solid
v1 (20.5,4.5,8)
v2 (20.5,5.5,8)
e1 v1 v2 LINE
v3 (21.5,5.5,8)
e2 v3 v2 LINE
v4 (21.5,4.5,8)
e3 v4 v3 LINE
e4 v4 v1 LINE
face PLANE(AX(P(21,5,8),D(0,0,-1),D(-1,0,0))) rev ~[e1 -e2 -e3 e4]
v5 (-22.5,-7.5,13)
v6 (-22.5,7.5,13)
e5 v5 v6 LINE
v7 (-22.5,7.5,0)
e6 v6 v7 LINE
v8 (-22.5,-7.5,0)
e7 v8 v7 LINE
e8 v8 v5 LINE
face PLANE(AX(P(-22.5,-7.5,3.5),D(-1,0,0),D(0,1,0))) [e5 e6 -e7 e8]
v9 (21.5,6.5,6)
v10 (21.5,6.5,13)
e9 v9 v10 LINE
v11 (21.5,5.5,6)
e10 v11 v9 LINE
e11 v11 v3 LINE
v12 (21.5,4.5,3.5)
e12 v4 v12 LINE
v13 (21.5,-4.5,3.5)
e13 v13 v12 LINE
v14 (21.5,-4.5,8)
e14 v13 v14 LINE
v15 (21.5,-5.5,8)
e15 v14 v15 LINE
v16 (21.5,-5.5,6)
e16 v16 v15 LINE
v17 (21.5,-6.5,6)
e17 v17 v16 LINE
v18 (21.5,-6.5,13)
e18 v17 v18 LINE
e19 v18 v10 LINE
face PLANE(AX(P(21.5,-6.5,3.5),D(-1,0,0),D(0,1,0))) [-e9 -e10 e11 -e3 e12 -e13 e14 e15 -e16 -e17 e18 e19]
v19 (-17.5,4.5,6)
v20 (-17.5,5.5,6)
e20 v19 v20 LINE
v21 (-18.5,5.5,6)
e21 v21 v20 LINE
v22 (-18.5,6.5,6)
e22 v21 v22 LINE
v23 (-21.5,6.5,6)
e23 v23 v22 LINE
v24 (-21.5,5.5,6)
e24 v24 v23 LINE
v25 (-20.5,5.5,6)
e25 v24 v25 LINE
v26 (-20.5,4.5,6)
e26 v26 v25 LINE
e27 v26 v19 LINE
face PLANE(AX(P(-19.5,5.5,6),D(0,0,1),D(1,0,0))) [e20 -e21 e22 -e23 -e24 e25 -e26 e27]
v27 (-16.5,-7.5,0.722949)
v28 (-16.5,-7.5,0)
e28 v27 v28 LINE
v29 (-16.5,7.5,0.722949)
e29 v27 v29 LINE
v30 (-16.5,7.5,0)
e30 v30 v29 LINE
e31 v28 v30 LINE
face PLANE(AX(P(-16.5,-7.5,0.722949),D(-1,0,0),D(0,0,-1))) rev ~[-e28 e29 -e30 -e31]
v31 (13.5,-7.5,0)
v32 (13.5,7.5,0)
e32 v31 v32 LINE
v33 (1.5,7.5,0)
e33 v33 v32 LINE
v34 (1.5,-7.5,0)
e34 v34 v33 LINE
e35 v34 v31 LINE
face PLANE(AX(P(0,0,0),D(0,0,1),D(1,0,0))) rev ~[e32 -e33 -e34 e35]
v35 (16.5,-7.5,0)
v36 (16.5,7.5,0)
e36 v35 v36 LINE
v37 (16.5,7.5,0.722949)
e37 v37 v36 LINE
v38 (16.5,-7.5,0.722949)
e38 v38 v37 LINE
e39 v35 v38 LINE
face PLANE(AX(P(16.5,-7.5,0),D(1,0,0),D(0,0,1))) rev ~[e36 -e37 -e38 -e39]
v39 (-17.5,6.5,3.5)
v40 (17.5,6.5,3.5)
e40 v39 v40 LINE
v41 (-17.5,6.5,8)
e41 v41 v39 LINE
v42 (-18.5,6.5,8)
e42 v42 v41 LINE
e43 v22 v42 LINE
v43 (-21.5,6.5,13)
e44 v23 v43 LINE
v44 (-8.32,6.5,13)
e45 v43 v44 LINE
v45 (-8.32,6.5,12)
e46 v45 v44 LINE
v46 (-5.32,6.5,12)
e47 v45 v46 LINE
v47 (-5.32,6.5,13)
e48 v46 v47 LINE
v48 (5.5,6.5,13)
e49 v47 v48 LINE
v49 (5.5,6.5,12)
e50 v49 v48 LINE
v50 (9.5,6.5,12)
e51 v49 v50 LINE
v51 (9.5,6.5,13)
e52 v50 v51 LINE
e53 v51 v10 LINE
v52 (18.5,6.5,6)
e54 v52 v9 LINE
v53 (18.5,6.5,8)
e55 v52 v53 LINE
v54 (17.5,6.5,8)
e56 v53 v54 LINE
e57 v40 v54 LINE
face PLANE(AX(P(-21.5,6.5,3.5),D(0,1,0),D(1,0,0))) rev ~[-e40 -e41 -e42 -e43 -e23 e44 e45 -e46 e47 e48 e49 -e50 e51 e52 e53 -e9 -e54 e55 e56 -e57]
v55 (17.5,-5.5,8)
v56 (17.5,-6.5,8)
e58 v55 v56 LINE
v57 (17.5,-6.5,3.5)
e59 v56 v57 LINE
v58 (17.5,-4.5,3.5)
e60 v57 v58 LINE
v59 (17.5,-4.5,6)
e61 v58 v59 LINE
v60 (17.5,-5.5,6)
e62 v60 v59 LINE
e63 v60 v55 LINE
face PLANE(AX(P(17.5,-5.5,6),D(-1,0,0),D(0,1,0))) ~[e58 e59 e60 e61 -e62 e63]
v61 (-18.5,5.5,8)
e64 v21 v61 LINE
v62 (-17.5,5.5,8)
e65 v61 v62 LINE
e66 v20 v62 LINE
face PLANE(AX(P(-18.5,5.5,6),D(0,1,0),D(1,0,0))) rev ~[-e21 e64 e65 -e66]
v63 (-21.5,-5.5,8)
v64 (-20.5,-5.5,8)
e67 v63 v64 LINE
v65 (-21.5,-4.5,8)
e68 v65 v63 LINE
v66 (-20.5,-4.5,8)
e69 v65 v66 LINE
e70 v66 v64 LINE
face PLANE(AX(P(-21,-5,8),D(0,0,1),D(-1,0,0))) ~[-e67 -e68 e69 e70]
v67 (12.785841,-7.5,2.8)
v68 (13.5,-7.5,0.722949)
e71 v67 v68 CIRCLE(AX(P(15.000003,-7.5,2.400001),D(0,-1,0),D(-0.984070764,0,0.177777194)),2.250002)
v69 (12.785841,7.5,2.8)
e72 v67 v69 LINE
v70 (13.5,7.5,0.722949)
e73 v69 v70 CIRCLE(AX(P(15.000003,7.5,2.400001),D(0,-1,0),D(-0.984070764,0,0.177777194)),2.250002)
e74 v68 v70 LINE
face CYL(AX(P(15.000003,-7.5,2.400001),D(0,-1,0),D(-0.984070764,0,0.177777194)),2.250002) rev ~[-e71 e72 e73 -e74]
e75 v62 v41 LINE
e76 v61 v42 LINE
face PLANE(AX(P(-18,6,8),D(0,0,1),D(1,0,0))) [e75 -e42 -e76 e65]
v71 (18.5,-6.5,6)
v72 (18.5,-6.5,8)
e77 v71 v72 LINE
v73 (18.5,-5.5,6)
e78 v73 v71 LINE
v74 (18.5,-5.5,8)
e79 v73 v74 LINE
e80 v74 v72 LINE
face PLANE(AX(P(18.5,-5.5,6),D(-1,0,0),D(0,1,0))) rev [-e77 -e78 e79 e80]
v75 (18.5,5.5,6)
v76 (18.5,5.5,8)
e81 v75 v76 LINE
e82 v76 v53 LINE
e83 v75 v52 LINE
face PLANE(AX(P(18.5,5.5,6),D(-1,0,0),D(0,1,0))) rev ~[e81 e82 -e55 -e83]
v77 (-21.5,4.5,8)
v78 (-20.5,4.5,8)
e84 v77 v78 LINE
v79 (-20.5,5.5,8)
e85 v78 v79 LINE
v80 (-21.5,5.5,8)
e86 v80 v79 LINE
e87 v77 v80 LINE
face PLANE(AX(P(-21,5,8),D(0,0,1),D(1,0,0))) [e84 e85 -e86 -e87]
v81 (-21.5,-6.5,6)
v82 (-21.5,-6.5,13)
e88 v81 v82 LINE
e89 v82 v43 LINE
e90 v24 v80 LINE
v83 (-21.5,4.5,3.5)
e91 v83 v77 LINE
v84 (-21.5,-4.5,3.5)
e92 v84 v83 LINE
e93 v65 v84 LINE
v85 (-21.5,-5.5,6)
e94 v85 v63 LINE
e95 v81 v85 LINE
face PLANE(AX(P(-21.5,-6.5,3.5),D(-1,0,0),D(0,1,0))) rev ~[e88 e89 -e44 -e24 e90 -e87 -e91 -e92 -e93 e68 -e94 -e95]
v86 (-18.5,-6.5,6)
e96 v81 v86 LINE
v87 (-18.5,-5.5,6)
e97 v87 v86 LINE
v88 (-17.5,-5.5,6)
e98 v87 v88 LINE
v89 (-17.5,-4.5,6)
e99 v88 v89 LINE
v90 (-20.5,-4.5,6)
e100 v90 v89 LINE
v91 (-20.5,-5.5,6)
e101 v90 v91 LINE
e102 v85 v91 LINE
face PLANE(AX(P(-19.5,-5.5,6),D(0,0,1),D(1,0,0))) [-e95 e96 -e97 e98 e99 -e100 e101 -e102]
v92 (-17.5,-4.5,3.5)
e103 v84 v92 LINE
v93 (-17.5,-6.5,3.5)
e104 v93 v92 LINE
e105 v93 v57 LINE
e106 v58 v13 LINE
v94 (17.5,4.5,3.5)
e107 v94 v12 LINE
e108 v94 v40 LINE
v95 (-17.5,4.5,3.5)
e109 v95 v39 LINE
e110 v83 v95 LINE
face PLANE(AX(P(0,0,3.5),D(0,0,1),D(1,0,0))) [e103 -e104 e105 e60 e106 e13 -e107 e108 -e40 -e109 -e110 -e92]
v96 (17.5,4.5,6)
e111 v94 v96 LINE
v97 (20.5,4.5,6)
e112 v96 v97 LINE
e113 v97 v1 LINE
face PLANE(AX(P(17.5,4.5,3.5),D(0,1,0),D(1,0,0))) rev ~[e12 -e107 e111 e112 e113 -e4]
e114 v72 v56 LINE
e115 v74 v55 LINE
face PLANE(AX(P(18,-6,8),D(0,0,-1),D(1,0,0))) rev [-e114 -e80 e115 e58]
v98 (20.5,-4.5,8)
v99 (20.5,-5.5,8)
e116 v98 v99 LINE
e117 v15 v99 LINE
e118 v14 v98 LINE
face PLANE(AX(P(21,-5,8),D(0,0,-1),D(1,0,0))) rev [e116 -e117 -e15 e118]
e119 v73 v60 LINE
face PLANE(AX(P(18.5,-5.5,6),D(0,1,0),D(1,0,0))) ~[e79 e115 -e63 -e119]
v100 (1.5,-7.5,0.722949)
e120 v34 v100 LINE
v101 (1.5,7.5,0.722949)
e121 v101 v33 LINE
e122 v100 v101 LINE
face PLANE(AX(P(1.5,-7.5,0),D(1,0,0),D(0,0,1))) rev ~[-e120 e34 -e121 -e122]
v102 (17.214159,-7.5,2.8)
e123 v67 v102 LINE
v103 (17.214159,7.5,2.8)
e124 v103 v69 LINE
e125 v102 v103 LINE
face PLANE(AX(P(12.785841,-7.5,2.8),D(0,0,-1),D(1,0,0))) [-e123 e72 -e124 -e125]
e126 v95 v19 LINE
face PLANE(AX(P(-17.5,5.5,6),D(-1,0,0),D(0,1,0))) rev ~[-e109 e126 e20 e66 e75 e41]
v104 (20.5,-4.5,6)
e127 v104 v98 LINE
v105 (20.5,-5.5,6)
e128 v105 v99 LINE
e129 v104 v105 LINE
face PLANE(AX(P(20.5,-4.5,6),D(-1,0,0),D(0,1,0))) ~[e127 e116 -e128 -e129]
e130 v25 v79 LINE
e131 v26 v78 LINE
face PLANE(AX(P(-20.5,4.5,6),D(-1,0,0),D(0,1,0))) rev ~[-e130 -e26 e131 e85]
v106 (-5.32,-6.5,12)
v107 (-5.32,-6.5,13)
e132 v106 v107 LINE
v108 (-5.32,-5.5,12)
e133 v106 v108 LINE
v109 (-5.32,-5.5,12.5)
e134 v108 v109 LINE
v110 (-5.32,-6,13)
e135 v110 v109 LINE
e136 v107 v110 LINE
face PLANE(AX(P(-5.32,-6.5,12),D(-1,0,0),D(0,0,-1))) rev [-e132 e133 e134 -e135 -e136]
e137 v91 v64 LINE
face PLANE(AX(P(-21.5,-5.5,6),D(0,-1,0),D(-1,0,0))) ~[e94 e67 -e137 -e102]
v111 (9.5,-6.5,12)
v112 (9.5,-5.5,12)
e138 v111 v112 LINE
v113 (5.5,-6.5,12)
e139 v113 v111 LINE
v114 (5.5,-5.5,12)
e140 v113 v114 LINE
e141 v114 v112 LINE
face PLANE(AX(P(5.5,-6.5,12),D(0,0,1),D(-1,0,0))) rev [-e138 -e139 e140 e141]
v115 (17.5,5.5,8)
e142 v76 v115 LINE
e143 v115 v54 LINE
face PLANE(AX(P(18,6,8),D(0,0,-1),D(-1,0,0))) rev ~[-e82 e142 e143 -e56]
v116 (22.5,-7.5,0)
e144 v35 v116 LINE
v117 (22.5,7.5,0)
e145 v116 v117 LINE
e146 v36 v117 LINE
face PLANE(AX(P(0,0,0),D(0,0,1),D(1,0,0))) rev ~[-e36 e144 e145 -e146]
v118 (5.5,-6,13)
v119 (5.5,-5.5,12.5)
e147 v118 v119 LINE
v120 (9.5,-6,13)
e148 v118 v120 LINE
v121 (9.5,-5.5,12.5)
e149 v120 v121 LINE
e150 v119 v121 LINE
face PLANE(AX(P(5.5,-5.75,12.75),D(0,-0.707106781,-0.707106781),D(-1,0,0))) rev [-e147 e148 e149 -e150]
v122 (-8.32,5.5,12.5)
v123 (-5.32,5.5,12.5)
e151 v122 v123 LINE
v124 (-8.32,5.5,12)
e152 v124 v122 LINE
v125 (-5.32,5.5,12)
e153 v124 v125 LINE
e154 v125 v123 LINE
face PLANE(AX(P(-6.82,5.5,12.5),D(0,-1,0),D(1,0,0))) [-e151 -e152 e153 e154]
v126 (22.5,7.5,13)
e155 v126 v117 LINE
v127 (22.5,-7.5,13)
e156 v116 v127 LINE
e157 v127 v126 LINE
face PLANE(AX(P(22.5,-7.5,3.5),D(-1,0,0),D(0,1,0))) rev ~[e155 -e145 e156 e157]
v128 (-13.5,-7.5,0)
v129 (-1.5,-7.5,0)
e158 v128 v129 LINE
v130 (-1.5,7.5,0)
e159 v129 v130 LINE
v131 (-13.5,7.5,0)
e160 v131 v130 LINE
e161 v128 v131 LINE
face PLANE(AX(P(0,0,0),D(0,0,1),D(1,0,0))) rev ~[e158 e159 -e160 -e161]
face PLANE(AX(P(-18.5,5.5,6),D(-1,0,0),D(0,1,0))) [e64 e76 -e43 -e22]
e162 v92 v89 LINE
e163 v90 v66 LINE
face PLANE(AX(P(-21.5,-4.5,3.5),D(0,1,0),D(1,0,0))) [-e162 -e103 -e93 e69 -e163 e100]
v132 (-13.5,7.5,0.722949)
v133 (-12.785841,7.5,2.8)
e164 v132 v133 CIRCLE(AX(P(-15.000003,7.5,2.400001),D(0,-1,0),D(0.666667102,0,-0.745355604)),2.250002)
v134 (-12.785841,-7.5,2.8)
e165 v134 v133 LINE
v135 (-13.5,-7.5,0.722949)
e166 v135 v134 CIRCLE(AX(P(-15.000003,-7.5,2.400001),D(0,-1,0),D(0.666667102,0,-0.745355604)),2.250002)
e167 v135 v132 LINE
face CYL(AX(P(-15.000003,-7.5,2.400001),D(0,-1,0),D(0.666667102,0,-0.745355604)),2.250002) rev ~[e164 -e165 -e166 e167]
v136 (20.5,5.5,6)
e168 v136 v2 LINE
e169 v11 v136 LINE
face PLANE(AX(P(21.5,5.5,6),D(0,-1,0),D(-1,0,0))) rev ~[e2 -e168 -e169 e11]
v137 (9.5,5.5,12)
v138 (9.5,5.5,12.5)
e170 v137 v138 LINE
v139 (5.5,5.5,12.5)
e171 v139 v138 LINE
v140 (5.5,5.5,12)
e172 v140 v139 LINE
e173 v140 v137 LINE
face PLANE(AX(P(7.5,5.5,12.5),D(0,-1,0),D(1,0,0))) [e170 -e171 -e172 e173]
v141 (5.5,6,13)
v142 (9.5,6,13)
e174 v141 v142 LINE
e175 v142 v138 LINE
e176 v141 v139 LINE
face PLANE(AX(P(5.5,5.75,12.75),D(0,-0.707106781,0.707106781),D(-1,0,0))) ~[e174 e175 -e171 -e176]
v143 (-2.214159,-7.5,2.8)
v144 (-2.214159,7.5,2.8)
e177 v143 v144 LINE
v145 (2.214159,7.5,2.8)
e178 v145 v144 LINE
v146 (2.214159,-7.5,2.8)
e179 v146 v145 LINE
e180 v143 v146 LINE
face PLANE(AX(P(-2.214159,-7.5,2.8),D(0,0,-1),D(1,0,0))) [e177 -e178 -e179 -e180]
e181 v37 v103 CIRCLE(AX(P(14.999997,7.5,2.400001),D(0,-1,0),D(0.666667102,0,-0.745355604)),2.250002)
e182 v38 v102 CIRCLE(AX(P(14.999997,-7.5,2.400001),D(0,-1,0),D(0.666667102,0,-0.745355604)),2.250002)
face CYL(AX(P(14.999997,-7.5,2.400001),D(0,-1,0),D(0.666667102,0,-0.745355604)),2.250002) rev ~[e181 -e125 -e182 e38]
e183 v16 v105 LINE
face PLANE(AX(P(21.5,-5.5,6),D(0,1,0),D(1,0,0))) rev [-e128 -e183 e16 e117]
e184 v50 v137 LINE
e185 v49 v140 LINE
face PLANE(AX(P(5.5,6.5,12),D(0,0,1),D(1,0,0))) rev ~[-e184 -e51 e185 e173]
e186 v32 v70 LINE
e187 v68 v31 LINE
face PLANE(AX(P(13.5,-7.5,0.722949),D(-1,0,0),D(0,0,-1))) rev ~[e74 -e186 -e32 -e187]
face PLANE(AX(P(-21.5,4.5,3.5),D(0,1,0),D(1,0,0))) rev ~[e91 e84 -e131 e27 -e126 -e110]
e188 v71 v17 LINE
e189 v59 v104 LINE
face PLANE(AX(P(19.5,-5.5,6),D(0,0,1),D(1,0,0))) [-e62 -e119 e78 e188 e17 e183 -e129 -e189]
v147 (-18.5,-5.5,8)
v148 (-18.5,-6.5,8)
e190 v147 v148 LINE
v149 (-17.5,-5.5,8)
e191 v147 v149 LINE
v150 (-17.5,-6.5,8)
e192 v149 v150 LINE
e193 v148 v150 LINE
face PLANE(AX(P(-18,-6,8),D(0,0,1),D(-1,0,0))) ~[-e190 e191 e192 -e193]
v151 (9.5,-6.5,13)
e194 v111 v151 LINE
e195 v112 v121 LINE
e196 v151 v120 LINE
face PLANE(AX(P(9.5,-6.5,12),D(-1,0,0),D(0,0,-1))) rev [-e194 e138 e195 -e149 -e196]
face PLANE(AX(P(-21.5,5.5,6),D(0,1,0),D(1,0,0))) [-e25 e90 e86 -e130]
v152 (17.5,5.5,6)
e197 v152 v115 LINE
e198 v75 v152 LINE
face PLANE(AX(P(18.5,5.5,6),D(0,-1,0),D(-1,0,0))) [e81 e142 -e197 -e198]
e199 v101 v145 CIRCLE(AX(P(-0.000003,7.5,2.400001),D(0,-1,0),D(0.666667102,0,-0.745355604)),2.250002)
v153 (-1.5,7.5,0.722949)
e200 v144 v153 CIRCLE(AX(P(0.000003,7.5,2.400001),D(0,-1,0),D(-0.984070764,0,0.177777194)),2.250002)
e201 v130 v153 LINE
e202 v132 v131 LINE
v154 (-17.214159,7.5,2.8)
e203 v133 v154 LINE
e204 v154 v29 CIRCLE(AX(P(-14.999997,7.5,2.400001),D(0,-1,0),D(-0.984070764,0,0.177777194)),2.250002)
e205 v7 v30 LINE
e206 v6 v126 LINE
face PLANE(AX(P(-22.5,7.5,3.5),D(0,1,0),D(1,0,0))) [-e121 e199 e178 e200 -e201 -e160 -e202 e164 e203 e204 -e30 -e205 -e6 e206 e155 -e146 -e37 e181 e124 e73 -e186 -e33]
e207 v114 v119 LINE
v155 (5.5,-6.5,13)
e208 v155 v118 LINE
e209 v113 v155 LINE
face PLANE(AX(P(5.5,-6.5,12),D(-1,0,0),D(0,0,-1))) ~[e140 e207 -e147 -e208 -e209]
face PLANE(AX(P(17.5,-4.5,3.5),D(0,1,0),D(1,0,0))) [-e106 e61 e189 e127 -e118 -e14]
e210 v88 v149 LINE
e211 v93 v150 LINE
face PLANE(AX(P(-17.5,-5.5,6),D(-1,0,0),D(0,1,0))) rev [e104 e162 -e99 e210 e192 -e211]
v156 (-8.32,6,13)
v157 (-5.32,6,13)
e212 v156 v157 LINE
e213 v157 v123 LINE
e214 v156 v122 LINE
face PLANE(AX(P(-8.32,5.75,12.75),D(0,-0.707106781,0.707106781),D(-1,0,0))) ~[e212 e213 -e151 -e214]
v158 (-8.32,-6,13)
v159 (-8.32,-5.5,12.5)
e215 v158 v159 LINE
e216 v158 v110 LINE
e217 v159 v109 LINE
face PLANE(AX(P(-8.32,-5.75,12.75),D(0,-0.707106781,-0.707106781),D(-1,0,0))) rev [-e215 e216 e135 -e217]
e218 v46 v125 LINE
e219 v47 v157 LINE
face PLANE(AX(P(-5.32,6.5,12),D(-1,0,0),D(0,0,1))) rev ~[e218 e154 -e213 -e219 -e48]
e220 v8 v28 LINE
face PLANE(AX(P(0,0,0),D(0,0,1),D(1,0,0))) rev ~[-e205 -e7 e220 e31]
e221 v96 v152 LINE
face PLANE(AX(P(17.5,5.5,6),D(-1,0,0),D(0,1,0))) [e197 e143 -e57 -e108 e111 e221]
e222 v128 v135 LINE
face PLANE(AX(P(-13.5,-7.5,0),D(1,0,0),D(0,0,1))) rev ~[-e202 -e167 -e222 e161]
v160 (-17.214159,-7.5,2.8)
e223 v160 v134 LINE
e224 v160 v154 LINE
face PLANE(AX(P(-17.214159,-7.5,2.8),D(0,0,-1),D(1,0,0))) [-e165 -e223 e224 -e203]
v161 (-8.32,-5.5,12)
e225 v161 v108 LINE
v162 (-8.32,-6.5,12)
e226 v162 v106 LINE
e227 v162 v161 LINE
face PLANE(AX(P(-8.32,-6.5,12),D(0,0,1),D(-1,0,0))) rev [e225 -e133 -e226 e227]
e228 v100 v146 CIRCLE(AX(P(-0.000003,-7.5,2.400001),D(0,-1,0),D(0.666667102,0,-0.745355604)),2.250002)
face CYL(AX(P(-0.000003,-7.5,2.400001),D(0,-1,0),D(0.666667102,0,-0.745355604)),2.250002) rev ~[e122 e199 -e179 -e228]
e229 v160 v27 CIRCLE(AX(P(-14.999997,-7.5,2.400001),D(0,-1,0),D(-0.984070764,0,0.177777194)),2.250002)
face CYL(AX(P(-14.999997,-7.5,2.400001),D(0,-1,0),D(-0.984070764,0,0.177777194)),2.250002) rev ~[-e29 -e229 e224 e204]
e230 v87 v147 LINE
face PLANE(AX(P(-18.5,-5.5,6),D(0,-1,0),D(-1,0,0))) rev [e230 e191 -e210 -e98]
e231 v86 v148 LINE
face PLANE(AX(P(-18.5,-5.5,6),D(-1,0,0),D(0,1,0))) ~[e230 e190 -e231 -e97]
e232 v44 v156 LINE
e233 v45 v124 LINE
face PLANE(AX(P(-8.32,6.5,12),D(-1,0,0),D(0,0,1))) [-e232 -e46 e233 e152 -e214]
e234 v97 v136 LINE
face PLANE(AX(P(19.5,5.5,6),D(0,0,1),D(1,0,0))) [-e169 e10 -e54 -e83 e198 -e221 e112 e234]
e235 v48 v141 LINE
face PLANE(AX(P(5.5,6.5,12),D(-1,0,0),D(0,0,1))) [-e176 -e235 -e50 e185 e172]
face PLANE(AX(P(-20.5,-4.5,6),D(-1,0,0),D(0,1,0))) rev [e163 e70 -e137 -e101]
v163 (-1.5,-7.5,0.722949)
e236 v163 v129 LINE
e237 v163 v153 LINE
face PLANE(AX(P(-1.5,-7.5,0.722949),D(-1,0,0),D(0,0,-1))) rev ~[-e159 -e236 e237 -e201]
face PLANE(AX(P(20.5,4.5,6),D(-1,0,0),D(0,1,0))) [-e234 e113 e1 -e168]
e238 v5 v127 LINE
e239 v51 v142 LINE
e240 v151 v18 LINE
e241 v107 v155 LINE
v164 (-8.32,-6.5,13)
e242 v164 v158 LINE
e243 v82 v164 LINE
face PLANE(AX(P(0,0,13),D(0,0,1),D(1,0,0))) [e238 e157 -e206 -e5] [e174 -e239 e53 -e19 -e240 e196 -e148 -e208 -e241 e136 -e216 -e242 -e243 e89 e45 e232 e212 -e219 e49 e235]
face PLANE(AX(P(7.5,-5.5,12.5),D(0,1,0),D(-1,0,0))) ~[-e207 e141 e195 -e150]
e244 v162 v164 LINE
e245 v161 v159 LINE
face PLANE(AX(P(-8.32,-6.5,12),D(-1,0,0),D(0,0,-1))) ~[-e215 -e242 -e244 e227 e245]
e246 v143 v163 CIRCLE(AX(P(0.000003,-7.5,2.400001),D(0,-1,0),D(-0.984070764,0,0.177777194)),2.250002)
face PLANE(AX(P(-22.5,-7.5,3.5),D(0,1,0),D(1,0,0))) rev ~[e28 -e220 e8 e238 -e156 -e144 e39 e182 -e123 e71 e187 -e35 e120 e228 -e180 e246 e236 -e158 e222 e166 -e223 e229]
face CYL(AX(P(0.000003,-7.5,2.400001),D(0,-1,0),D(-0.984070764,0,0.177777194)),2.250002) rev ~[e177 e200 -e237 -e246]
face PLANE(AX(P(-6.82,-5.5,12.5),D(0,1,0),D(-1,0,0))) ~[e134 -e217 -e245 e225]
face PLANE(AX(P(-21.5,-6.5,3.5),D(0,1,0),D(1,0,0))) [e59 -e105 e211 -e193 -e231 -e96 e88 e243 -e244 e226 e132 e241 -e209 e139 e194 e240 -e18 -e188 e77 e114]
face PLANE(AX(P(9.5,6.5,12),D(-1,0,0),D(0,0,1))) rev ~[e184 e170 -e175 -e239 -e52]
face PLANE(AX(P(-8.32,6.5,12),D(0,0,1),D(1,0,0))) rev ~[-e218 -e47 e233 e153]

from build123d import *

# Parameters (mm, degrees)
SKETCH_W                = 45
SKETCH_H                = 15
PAD_DEPTH               = 3.5
POCKET_DEPTH            = 15.001
LINEARPATTERN_COUNT     = 3
LINEARPATTERN_PITCH     = 15
SKETCH002_W             = 4
SKETCH002_H             = 2
PAD001_DEPTH            = 2.5
SKETCH003_W             = 45
SKETCH003_H             = 15
SKETCH003_W_2           = 43
SKETCH003_H_2           = 13
PAD002_DEPTH            = 9.5
SKETCH004_W             = 1
SKETCH004_H             = 1
PAD003_DEPTH            = 2
SKETCH004_MIRRORED_2_W  = 1
SKETCH004_MIRRORED_2_H  = 1
PAD003_MIRRORED_2_DEPTH = 2
SKETCH005_W             = 3
SKETCH005_H             = 1
SKETCH005_W_2           = 4
PAD004_DEPTH            = 1
CHAMFER_SIZE            = 0.5


with BuildPart() as part:
    # Sketch → Pad (new body)
    with BuildSketch(Plane.XY):
        Rectangle(SKETCH_W, SKETCH_H)
    extrude(amount=PAD_DEPTH)

    # Sketch001 (on Face3 of Pad) → Pocket (cut, through all)
    with BuildSketch(Plane.XZ.offset(7.5)):
        with BuildLine():
            Line((-16.5, 0.722949), (-16.5, 0))
            Line((-16.5, 0), (-13.5, 0))
            Line((-13.5, 0), (-13.5, 0.722949))
            ThreePointArc((-13.5, 0.722949), (-12.87226, 1.668412), (-12.785841, 2.8))
            Line((-17.214159, 2.8), (-12.785841, 2.8))
            ThreePointArc((-17.214159, 2.8), (-17.12774, 1.668412), (-16.5, 0.722949))
        make_face()
    pocket = extrude(amount=-POCKET_DEPTH, mode=Mode.SUBTRACT)

    # LinearPattern: Pocket ×3
    with Locations(*[(i * LINEARPATTERN_PITCH, 0, 0) for i in range(1, LINEARPATTERN_COUNT)]):
        add(pocket, mode=Mode.SUBTRACT)

    # Sketch002 (on Face22 of LinearPattern) → Pad001 (join)
    with BuildSketch(Plane.XY.offset(3.5)):
        with Locations((-19.5, 5.5)):
            Rectangle(SKETCH002_W, SKETCH002_H)
        with Locations((-19.5, -5.5)):
            Rectangle(SKETCH002_W, SKETCH002_H)
        with Locations((19.5, 5.5)):
            Rectangle(SKETCH002_W, SKETCH002_H)
        with Locations((19.5, -5.5)):
            Rectangle(SKETCH002_W, SKETCH002_H)
    extrude(amount=PAD001_DEPTH)

    # Sketch003 (on Face22 of Pad001) → Pad002 (join)
    with BuildSketch(Plane.XY.offset(3.5)):
        Rectangle(SKETCH003_W, SKETCH003_H)
        Rectangle(SKETCH003_W_2, SKETCH003_H_2, mode=Mode.SUBTRACT)
    extrude(amount=PAD002_DEPTH)

    # Sketch004 (on Face37 of Pad002) → Pad003 (join)
    with BuildSketch(Plane.XY.offset(6)):
        with Locations((-18, 6)):
            Rectangle(SKETCH004_W, SKETCH004_H)
        with Locations((-21, 5)):
            Rectangle(SKETCH004_W, SKETCH004_H)
    pad003 = extrude(amount=PAD003_DEPTH)

    # Sketch004 Mirrored 2 → Pad003 Mirrored 2 (add)
    with BuildSketch(Plane(origin=(0, 0, 6), x_dir=(-1, 0, 0), z_dir=(0, 0, -1))):
        with Locations((-18, 6)):
            Rectangle(SKETCH004_MIRRORED_2_W, SKETCH004_MIRRORED_2_H)
        with Locations((-21, 5)):
            Rectangle(SKETCH004_MIRRORED_2_W, SKETCH004_MIRRORED_2_H)
    pad003_mirrored_2 = extrude(amount=-PAD003_MIRRORED_2_DEPTH)

    # Mirrored001: Pad003, Pad003 Mirrored 2 across Sketch004 H_Axis
    add(pad003.mirror(Plane(origin=(0, 0, 6), x_dir=(0, 0, 1), z_dir=(0, 1, 0))))
    add(pad003_mirrored_2.mirror(Plane(origin=(0, 0, 6), x_dir=(0, 0, 1), z_dir=(0, 1, 0))))

    # Sketch005 (on Face32 of MultiTransform) → Pad004 (join)
    with BuildSketch(Plane.XZ.offset(-6.5)):
        with Locations((-6.82, 12.5)):
            Rectangle(SKETCH005_W, SKETCH005_H)
        with Locations((7.5, 12.5)):
            Rectangle(SKETCH005_W_2, SKETCH005_H)
    pad004 = extrude(amount=PAD004_DEPTH)

    # Mirrored002: Pad004 across XZ
    add(pad004.mirror(Plane.XZ))

    # Chamfer
    chamfer_edges = [part.edges().sort_by_distance(p)[0] for p in [
        (-6.82, 5.5, 13),
        (7.5, 5.5, 13),
        (7.5, -5.5, 13),
        (-6.82, -5.5, 13),
    ]]
    chamfer(chamfer_edges, length=CHAMFER_SIZE)


solid = part.part
